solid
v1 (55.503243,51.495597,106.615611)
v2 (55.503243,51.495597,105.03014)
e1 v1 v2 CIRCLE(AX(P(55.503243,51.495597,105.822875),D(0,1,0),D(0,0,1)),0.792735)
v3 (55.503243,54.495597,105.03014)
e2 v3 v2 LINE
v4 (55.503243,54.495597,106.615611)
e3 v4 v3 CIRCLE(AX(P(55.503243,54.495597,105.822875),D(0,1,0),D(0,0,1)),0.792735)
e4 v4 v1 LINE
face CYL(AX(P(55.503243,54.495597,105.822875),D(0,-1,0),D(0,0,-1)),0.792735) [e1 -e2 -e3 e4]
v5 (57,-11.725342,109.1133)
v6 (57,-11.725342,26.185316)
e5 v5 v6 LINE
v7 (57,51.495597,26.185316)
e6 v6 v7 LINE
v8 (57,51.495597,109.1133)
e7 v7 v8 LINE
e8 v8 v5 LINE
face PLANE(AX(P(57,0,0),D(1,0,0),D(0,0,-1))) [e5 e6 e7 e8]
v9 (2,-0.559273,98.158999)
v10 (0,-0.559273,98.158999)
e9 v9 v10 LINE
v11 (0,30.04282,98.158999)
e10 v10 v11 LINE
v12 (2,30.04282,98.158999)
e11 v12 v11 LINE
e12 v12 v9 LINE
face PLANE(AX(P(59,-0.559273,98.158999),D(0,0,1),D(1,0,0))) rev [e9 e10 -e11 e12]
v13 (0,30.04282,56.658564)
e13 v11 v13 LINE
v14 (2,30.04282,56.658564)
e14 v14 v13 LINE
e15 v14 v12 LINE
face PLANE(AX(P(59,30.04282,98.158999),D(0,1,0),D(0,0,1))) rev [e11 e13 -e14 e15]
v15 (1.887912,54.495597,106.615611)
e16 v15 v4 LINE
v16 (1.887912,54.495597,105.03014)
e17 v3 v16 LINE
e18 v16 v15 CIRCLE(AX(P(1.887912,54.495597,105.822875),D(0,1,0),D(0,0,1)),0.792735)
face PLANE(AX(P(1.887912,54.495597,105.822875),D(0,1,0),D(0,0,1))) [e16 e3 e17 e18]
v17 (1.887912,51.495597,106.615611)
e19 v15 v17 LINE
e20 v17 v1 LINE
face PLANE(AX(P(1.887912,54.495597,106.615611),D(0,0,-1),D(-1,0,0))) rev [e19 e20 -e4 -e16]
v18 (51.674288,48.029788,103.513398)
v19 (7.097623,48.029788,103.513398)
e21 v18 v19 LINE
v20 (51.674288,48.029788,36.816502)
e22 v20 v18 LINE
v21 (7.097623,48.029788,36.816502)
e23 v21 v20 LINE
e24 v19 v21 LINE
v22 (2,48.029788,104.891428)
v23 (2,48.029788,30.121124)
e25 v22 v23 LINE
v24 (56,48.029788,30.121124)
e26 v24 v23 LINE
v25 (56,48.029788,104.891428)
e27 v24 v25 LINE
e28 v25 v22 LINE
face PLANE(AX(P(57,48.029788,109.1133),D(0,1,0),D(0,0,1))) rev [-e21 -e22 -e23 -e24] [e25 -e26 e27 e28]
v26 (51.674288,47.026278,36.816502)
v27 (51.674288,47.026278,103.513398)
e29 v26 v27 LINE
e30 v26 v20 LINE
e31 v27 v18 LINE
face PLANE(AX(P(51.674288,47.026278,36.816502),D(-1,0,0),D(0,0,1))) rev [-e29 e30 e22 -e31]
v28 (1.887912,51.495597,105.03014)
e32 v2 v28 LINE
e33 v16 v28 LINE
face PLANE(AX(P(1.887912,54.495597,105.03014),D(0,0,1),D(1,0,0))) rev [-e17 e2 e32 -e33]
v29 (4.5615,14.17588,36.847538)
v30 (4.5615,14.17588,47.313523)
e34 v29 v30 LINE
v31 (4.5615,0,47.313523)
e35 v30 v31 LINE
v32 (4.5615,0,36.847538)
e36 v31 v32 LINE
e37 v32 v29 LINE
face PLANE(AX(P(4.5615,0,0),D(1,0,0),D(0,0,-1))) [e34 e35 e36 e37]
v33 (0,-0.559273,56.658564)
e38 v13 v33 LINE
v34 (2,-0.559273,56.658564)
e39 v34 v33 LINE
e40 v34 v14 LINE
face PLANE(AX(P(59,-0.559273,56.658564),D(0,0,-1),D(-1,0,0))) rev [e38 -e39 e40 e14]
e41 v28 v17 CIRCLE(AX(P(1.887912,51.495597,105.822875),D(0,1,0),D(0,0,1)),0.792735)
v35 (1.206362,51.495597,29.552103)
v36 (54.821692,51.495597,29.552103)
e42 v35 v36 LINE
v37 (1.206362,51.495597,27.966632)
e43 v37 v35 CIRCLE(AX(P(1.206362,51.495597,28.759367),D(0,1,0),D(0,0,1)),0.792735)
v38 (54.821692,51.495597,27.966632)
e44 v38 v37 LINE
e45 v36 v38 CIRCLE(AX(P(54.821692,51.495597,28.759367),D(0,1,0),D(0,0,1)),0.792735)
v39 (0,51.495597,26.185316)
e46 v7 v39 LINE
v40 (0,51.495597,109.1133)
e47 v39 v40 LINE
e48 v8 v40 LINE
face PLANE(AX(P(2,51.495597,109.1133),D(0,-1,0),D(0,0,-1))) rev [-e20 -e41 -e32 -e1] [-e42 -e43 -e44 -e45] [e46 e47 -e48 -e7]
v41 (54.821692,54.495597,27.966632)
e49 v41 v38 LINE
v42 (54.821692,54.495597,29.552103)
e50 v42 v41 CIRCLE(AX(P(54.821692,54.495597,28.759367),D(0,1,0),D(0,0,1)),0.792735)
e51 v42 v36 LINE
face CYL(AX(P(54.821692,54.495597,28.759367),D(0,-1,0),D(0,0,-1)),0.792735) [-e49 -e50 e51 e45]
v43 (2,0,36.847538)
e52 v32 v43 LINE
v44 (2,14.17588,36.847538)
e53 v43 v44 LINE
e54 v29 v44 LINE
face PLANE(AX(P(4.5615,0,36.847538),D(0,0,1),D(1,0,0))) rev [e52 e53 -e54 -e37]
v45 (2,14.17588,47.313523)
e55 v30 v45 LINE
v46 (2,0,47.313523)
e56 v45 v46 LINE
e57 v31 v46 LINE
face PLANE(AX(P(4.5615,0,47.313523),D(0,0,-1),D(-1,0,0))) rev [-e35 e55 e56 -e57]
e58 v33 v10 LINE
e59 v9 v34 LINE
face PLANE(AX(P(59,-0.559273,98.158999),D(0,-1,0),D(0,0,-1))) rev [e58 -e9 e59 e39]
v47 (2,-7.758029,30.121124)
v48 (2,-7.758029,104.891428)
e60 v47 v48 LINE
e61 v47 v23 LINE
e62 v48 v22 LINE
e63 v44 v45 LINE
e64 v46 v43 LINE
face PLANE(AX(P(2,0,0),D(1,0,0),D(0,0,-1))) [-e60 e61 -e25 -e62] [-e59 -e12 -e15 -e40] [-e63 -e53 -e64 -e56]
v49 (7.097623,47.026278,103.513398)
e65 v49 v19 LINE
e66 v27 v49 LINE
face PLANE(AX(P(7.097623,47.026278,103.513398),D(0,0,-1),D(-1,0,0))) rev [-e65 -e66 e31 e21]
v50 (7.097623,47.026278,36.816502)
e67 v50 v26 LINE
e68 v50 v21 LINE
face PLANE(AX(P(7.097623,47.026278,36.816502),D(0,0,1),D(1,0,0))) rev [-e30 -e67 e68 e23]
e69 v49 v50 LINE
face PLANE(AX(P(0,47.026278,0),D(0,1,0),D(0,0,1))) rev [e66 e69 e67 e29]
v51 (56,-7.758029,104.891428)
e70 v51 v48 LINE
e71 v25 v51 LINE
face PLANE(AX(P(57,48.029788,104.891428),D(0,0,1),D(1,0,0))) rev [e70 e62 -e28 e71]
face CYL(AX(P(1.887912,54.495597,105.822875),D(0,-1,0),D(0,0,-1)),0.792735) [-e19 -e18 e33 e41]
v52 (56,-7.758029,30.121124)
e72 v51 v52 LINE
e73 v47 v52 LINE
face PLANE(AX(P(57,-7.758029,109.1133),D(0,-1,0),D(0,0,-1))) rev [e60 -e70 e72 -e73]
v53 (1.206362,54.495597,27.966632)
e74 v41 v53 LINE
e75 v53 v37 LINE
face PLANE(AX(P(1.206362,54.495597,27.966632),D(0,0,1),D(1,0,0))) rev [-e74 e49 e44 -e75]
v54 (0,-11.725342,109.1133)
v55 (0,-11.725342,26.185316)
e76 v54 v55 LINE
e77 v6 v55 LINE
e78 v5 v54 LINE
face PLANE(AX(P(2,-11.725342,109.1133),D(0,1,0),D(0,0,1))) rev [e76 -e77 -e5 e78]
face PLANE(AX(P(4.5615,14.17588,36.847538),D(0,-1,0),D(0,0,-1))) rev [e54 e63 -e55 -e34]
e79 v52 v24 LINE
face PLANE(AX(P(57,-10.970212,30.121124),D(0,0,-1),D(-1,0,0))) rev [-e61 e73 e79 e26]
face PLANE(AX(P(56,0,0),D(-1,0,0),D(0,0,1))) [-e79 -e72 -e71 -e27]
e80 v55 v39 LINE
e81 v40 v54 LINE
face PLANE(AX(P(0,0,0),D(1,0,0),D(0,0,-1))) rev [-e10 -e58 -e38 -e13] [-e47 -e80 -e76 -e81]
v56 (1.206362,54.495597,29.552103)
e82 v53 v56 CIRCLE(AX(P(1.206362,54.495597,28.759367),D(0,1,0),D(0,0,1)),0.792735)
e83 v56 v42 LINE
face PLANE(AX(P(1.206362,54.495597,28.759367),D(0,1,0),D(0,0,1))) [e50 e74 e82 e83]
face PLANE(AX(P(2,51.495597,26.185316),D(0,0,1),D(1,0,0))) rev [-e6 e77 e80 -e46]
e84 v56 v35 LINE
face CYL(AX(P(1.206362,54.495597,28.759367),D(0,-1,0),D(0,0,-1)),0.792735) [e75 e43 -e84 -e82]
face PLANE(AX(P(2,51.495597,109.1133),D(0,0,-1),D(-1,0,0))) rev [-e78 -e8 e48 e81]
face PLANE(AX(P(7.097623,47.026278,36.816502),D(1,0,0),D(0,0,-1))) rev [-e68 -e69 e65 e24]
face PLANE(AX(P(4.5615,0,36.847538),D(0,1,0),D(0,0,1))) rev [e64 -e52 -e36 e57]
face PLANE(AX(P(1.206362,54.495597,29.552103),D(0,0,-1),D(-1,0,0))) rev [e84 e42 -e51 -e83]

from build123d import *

# Parameters (mm, degrees)
SKETCH1_W           = 82.927984002
SKETCH1_H           = 63.220938657
BOSS_EXTRUDE1_DEPTH = 2
SKETCH2_W           = 82.927984002
SKETCH2_H           = 3.465808433
BOSS_EXTRUDE2_DEPTH = 55
SKETCH3_W           = 82.927984002
SKETCH3_H           = 3.967313271
BOSS_EXTRUDE3_DEPTH = 55
SKETCH4_W           = 4.221872701
SKETCH4_H           = 55.787816953
BOSS_EXTRUDE4_DEPTH = 55
SKETCH5_W           = 55
SKETCH5_H           = 3.935807591
BOSS_EXTRUDE5_DEPTH = 59
SKETCH6_W           = 41.500434797
SKETCH6_H           = 30.602093287
CUT_EXTRUDE1_DEPTH  = 59
SKETCH7_W           = 44.576665198
SKETCH7_H           = 66.696896342
BOSS_EXTRUDE6_DEPTH = 1.00351002
SKETCH8_W           = 10.465984431
SKETCH8_H           = 14.175880316
BOSS_EXTRUDE7_DEPTH = 2.561499725
BOSS_EXTRUDE8_DEPTH = 3
SKETCH13_W          = 82.927984002
SKETCH13_H          = 63.220938657
BOSS_EXTRUDE9_DEPTH = 1


with BuildPart() as part:
    # Sketch1 → Boss-Extrude1 (new body)
    with BuildSketch(Plane(origin=(0, 0, 0), x_dir=(0, 0, -1), z_dir=(1, 0, 0))):
        with Locations((-67.649308223, 19.885127524)):
            Rectangle(SKETCH1_W, SKETCH1_H)
    extrude(amount=BOSS_EXTRUDE1_DEPTH)

    # Sketch2 → Boss-Extrude2 (add)
    with BuildSketch(Plane(origin=(2, 0, 0), x_dir=(0, 0, -1), z_dir=(1, 0, 0))):
        with Locations((-67.649308223, 49.762692636)):
            Rectangle(SKETCH2_W, SKETCH2_H)
    extrude(amount=BOSS_EXTRUDE2_DEPTH)

    # Sketch3 → Boss-Extrude3 (add)
    with BuildSketch(Plane(origin=(2, 0, 0), x_dir=(0, 0, -1), z_dir=(1, 0, 0))):
        with Locations((-67.649308223, -9.74168517)):
            Rectangle(SKETCH3_W, SKETCH3_H)
    extrude(amount=BOSS_EXTRUDE3_DEPTH)

    # Sketch4 → Boss-Extrude4 (add)
    with BuildSketch(Plane(origin=(2, 0, 0), x_dir=(0, 0, -1), z_dir=(1, 0, 0))):
        with Locations((-107.002363874, 20.135879943)):
            Rectangle(SKETCH4_W, SKETCH4_H)
    extrude(amount=BOSS_EXTRUDE4_DEPTH)

    # Sketch5 → Boss-Extrude5 (add)
    with BuildSketch(Plane(origin=(0, 48.029788419, 0), x_dir=(-1, 0, 0), z_dir=(0, -1, 0))):
        with Locations((-29.5, -28.153220018)):
            Rectangle(SKETCH5_W, SKETCH5_H)
    extrude(amount=BOSS_EXTRUDE5_DEPTH)

    # Sketch6 → Cut-Extrude1 (cut)
    with BuildSketch(Plane.ZY):
        with Locations((77.408781478, 14.741773436)):
            Rectangle(SKETCH6_W, SKETCH6_H)
    extrude(amount=-CUT_EXTRUDE1_DEPTH, mode=Mode.SUBTRACT)

    # Sketch7 → Boss-Extrude6 (add)
    with BuildSketch(Plane(origin=(0, 48.029788419, -1.234575524), x_dir=(-1, 0, 0), z_dir=(0, -1, 0))):
        with Locations((-29.385955108, -71.399525652)):
            Rectangle(SKETCH7_W, SKETCH7_H)
    extrude(amount=BOSS_EXTRUDE6_DEPTH)

    # Sketch8 → Boss-Extrude7 (add)
    with BuildSketch(Plane(origin=(2, 0, -3.365196523), x_dir=(0, 0, -1), z_dir=(1, 0, 0))):
        with Locations((-45.445727025, 7.087940158)):
            Rectangle(SKETCH8_W, SKETCH8_H)
    extrude(amount=BOSS_EXTRUDE7_DEPTH)

    # Sketch9 → Boss-Extrude8 (add)
    with BuildSketch(Plane(origin=(0, 51.495596852, 0), x_dir=(1, 0, 0), z_dir=(0, 1, 0))):
        with BuildLine():
            Line((1.887912496, -105.030139818), (55.50324265, -105.030139818))
            ThreePointArc((55.50324265, -105.030139818), (56.295978023, -105.822875191), (55.50324265, -106.615610564))
            Line((55.50324265, -106.615610564), (1.887912496, -106.615610564))
            ThreePointArc((1.887912496, -106.615610564), (1.095177123, -105.822875191), (1.887912496, -105.030139818))
        make_face()
        with BuildLine():
            Line((1.206362126, -27.966631884), (54.82169228, -27.966631884))
            ThreePointArc((54.82169228, -27.966631884), (55.614427653, -28.759367257), (54.82169228, -29.552102629))
            Line((54.82169228, -29.552102629), (1.206362126, -29.552102629))
            ThreePointArc((1.206362126, -29.552102629), (0.413626753, -28.759367257), (1.206362126, -27.966631884))
        make_face()
    extrude(amount=BOSS_EXTRUDE8_DEPTH)

    # Sketch13 → Boss-Extrude9 (add)
    with BuildSketch(Plane(origin=(57, 0, 0), x_dir=(0, 0, -1), z_dir=(1, 0, 0))):
        with Locations((-67.649308223, 19.885127524)):
            Rectangle(SKETCH13_W, SKETCH13_H)
    extrude(amount=-BOSS_EXTRUDE9_DEPTH)


solid = part.part
